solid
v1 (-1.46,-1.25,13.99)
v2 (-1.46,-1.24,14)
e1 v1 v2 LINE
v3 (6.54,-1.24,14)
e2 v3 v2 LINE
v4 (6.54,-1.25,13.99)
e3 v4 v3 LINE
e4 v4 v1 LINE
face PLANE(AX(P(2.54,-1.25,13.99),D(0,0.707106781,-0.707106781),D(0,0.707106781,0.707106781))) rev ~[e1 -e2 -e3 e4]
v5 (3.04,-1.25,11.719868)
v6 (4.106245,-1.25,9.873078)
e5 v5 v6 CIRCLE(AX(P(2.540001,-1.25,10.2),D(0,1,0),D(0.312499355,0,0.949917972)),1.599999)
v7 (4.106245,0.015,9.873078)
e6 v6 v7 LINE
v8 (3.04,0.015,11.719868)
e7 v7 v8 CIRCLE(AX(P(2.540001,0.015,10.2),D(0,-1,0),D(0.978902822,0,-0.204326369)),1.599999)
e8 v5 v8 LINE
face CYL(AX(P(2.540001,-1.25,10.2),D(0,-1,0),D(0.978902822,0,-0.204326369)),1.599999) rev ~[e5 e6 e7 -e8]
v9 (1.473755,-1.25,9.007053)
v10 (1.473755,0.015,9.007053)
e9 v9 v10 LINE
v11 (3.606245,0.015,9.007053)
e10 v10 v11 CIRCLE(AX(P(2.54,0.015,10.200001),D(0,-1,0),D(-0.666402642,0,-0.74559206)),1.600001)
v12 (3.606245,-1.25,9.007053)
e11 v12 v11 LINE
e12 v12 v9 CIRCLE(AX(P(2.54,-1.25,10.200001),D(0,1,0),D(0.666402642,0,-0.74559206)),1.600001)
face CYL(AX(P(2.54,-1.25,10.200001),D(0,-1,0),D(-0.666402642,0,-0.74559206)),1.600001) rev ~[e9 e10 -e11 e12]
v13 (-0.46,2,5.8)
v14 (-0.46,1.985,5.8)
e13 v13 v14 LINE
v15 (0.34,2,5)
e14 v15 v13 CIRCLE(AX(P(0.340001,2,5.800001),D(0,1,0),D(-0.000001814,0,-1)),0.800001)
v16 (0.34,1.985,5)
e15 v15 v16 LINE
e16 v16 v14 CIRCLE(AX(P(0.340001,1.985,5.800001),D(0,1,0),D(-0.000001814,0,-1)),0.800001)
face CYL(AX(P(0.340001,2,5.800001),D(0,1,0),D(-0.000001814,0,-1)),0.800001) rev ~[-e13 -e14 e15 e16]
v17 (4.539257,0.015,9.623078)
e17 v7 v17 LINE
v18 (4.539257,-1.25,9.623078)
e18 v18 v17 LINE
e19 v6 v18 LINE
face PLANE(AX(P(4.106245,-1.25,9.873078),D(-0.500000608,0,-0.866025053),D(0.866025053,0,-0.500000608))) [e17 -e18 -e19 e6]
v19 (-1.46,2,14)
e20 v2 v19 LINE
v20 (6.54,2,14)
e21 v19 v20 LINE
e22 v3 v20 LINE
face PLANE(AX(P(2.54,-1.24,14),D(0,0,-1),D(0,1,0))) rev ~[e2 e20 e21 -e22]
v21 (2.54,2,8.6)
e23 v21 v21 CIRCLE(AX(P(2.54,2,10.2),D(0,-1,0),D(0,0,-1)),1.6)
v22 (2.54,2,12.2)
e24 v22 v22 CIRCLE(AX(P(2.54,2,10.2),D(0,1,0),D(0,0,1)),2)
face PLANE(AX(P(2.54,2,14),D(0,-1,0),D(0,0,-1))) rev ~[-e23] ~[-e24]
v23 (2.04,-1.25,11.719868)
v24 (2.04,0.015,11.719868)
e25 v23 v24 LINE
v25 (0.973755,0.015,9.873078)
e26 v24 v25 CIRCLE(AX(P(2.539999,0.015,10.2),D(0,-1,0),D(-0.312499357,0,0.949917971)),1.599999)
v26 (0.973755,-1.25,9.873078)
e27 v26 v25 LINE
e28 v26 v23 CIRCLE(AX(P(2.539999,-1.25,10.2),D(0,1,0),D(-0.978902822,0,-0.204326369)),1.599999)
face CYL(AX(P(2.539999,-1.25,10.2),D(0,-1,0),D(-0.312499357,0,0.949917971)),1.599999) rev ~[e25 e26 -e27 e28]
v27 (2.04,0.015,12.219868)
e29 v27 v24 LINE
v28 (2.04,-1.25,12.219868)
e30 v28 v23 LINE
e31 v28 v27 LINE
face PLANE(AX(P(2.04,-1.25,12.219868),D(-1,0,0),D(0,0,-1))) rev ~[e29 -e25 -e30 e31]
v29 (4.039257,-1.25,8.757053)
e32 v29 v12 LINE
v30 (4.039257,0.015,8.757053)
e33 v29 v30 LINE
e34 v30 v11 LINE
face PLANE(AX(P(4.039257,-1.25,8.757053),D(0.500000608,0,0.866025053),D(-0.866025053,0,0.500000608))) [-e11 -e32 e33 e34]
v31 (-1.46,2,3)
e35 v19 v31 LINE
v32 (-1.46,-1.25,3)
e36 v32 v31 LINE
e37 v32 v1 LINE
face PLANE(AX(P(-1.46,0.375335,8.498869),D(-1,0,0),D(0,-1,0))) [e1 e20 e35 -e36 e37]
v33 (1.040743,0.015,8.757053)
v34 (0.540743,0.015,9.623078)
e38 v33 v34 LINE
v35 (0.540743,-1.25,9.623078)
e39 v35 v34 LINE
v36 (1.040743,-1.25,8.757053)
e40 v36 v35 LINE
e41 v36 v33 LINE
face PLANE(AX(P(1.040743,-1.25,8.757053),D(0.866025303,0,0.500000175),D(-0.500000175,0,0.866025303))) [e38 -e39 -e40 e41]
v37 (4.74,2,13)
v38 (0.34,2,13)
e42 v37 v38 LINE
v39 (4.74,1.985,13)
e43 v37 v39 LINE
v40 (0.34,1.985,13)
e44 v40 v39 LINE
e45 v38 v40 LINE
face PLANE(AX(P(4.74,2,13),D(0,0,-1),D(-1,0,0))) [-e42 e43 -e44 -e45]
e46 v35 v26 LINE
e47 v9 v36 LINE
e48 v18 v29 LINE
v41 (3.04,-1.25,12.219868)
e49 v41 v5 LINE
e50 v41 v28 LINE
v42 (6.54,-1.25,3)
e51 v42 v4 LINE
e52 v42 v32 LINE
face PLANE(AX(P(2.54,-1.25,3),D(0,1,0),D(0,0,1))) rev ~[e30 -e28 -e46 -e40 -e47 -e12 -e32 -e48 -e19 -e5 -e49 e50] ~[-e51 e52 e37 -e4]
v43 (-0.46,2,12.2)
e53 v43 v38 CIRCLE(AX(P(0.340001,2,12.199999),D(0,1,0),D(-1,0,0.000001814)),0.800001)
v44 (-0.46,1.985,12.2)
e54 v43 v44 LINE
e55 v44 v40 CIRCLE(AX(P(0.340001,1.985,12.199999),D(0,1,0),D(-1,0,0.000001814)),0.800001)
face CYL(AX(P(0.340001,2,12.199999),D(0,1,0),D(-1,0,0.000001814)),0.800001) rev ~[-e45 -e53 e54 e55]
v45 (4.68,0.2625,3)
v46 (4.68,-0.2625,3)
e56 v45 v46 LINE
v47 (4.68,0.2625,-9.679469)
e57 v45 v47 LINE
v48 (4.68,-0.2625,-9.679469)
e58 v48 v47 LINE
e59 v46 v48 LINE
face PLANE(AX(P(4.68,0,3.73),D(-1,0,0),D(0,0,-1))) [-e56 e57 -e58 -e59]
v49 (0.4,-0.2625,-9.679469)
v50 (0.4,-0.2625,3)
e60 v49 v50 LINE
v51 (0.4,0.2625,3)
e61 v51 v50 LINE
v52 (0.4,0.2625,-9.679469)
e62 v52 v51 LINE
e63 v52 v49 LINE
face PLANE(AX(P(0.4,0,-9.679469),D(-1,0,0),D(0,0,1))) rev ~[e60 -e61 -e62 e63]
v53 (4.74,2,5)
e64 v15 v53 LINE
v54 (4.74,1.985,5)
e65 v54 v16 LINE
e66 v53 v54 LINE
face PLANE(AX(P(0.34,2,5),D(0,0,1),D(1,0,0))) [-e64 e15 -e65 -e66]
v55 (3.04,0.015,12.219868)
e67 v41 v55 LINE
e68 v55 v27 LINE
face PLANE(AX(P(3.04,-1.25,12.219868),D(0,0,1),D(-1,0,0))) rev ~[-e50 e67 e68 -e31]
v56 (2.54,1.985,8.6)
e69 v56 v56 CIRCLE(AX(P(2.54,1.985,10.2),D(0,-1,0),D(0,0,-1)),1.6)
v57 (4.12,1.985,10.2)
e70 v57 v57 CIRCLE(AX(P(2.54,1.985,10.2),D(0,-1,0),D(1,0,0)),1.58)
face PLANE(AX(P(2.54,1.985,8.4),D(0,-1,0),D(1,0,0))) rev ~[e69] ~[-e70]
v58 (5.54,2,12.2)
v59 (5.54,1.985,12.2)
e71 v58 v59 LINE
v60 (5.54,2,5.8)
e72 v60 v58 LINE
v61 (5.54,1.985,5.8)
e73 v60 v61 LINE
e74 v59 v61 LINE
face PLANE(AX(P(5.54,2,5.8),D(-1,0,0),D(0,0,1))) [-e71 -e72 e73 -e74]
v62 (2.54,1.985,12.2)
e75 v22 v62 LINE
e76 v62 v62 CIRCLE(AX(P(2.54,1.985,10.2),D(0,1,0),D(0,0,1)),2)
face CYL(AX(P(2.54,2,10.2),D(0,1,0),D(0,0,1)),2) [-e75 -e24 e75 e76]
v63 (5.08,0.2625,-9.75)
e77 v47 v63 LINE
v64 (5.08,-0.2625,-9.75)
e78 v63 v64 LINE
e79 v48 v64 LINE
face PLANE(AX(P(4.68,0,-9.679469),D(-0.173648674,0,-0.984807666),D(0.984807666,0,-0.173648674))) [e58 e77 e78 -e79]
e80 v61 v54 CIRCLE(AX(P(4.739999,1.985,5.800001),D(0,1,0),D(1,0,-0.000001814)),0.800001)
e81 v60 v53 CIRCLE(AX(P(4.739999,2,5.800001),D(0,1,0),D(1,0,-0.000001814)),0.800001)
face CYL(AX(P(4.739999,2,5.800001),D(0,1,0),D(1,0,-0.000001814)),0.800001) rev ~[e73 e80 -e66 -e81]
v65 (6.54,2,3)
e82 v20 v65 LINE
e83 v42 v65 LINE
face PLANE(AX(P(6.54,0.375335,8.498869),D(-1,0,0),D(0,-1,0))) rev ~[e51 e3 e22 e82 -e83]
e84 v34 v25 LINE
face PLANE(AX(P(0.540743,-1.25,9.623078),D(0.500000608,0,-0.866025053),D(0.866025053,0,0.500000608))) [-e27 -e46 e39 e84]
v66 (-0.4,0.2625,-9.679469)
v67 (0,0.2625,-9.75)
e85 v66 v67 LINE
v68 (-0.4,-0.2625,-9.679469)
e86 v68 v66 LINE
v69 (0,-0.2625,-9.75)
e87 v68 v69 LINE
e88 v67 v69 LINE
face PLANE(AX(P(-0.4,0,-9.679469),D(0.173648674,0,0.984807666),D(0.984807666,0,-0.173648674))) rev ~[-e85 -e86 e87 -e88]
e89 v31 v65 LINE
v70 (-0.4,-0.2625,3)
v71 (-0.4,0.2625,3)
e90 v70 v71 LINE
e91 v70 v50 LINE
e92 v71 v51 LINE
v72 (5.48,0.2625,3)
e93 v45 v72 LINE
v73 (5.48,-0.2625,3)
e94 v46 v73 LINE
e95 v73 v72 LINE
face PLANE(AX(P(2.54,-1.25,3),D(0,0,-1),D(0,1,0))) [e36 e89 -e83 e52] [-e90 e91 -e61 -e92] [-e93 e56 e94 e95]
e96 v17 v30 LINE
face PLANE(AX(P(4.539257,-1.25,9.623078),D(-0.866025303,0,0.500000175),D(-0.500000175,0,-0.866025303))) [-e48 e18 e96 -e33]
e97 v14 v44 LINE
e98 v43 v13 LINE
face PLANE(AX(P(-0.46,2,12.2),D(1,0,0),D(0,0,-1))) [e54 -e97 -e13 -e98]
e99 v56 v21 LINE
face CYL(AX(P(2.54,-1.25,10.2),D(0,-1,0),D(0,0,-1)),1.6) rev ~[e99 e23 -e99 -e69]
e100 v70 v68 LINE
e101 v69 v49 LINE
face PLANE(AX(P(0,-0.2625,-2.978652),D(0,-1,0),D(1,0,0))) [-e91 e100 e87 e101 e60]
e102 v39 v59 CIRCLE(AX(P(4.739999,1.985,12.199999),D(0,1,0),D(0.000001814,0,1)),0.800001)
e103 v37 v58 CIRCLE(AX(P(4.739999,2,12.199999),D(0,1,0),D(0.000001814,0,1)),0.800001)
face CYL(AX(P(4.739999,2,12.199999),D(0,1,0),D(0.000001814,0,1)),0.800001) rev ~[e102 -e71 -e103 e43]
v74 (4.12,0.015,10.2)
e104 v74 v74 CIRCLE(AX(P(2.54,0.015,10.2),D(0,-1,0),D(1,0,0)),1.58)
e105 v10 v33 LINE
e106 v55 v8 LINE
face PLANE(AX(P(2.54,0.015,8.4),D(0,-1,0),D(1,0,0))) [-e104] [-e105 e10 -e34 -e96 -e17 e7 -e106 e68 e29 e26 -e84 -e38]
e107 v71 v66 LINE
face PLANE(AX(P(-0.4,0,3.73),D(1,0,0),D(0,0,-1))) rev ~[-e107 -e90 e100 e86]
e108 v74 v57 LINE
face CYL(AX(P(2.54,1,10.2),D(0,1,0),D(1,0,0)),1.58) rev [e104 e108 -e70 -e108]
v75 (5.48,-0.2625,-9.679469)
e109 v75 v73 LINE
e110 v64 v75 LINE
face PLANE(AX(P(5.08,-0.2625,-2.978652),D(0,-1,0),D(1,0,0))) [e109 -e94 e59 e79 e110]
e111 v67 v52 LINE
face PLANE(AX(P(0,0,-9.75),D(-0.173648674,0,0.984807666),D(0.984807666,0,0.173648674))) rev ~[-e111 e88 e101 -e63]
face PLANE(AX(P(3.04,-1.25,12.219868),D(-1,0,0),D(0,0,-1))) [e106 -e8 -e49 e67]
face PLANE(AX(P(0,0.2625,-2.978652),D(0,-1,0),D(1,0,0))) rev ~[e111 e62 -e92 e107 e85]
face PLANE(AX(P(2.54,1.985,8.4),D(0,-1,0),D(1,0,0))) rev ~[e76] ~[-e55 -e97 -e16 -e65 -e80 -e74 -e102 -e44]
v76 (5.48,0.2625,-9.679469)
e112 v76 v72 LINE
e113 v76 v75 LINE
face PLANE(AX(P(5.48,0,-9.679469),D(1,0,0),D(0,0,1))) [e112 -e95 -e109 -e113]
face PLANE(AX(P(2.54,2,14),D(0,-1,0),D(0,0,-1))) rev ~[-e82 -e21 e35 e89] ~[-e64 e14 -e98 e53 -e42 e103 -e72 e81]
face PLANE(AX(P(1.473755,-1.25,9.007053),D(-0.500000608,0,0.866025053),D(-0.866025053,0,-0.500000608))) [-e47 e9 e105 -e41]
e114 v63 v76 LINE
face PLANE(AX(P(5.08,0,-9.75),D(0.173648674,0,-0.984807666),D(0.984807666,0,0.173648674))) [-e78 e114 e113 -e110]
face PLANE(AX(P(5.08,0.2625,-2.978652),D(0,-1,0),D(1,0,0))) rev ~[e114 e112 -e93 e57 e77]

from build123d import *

# Parameters (mm, degrees)
SKETCH005_W     = 7.4
SKETCH005_H     = 10.4
SKETCH005_R     = 1.58
PAD003_DEPTH    = 0.985
PAD001_DEPTH    = 4
POCKET_DEPTH    = 1.35
SKETCH004_R     = 1.6
POCKET001_DEPTH = 3.251
SKETCH006_R     = 2
POCKET002_DEPTH = 0.02
PAD_DEPTH       = 0.2625


with BuildPart() as pad003:
    # Sketch005 → Pad003 (new body, symmetric)
    with BuildSketch(Plane.XZ.offset(-1)):
        with Locations((2.54, 8.4)):
            Rectangle(SKETCH005_W, SKETCH005_H)
        with Locations((2.54, 10.2)):
            Circle(SKETCH005_R, mode=Mode.SUBTRACT)
    extrude(amount=PAD003_DEPTH, both=True)


with BuildPart() as pocket002:
    # Sketch001 → Pad001 (new body, symmetric)
    with BuildSketch(Plane.YZ.offset(2.54)):
        Polygon((0, 3), (-1.25, 3), (-1.25, 13.99), (-1.24, 14), (2, 14), (2, 3), align=None)
    extrude(amount=PAD001_DEPTH, both=True)

    # Sketch003 → Pocket (cut)
    with BuildSketch(Plane(origin=(2.54, -1.25, 0), x_dir=(0, 0, -1), z_dir=(0, -1, 0))):
        with BuildLine():
            Line((-12.219868, 0.5), (-12.219868, -0.5))
            Line((-12.219868, -0.5), (-11.719868, -0.5))
            ThreePointArc((-11.719868, -0.5), (-11, -1.385641), (-9.873078, -1.566245))
            Line((-9.623078, -1.999257), (-9.873078, -1.566245))
            Line((-8.757053, -1.499257), (-9.623078, -1.999257))
            Line((-9.007053, -1.066245), (-8.757053, -1.499257))
            ThreePointArc((-9.007053, -1.066245), (-8.6, 0), (-9.007053, 1.066245))
            Line((-8.757053, 1.499257), (-9.007053, 1.066245))
            Line((-9.623078, 1.999257), (-8.757053, 1.499257))
            Line((-9.873078, 1.566245), (-9.623078, 1.999257))
            ThreePointArc((-9.873078, 1.566245), (-11, 1.385641), (-11.719868, 0.5))
            Line((-12.219868, 0.5), (-11.719868, 0.5))
        make_face()
    extrude(amount=-POCKET_DEPTH, mode=Mode.SUBTRACT)

    # Sketch004 → Pocket001 (cut, through all)
    with BuildSketch(Plane(origin=(2.54, -1.25, 0), x_dir=(0, 0, -1), z_dir=(0, -1, 0))):
        with Locations((-10.2, 0)):
            Circle(SKETCH004_R)
    extrude(amount=-POCKET001_DEPTH, mode=Mode.SUBTRACT)

    # Sketch006 → Pocket002 (cut)
    with BuildSketch(Plane(origin=(2.54, 2, 0), x_dir=(0, 0, 1), z_dir=(0, 1, 0))):
        with BuildLine():
            Line((5.8, 3), (12.2, 3))
            ThreePointArc((13, 2.2), (12.765685, 2.765685), (12.2, 3))
            Line((13, 2.2), (13, -2.2))
            ThreePointArc((12.2, -3), (12.765685, -2.765685), (13, -2.2))
            Line((12.2, -3), (5.8, -3))
            ThreePointArc((5, -2.2), (5.234315, -2.765685), (5.8, -3))
            Line((5, -2.2), (5, 2.2))
            ThreePointArc((5.8, 3), (5.234315, 2.765685), (5, 2.2))
        make_face()
        with Locations((10.2, 0)):
            Circle(SKETCH006_R, mode=Mode.SUBTRACT)
    extrude(amount=-POCKET002_DEPTH, mode=Mode.SUBTRACT)


with BuildPart() as to_126_2_vertical:
    # Sketch → Pad (new body, symmetric)
    with BuildSketch(Plane.XZ):
        Polygon((-0.4, 0.3025), (-0.4, 0), (-0.4, -9.679469), (0, -9.75), (0.4, -9.679469), (0.4, 0), (0.4, 0.3025), (0.4, 3.73), (-0.4, 3.73), align=None)
        Polygon((4.68, 0.3025), (4.68, 0), (4.68, -9.679469), (5.08, -9.75), (5.48, -9.679469), (5.48, 0), (5.48, 0.3025), (5.48, 3.73), (4.68, 3.73), align=None)
    extrude(amount=PAD_DEPTH, both=True)

    # Pad_mp_cp: union Pad003, Pocket002
    add(pad003.part)
    add(pocket002.part)


solid = to_126_2_vertical.part
